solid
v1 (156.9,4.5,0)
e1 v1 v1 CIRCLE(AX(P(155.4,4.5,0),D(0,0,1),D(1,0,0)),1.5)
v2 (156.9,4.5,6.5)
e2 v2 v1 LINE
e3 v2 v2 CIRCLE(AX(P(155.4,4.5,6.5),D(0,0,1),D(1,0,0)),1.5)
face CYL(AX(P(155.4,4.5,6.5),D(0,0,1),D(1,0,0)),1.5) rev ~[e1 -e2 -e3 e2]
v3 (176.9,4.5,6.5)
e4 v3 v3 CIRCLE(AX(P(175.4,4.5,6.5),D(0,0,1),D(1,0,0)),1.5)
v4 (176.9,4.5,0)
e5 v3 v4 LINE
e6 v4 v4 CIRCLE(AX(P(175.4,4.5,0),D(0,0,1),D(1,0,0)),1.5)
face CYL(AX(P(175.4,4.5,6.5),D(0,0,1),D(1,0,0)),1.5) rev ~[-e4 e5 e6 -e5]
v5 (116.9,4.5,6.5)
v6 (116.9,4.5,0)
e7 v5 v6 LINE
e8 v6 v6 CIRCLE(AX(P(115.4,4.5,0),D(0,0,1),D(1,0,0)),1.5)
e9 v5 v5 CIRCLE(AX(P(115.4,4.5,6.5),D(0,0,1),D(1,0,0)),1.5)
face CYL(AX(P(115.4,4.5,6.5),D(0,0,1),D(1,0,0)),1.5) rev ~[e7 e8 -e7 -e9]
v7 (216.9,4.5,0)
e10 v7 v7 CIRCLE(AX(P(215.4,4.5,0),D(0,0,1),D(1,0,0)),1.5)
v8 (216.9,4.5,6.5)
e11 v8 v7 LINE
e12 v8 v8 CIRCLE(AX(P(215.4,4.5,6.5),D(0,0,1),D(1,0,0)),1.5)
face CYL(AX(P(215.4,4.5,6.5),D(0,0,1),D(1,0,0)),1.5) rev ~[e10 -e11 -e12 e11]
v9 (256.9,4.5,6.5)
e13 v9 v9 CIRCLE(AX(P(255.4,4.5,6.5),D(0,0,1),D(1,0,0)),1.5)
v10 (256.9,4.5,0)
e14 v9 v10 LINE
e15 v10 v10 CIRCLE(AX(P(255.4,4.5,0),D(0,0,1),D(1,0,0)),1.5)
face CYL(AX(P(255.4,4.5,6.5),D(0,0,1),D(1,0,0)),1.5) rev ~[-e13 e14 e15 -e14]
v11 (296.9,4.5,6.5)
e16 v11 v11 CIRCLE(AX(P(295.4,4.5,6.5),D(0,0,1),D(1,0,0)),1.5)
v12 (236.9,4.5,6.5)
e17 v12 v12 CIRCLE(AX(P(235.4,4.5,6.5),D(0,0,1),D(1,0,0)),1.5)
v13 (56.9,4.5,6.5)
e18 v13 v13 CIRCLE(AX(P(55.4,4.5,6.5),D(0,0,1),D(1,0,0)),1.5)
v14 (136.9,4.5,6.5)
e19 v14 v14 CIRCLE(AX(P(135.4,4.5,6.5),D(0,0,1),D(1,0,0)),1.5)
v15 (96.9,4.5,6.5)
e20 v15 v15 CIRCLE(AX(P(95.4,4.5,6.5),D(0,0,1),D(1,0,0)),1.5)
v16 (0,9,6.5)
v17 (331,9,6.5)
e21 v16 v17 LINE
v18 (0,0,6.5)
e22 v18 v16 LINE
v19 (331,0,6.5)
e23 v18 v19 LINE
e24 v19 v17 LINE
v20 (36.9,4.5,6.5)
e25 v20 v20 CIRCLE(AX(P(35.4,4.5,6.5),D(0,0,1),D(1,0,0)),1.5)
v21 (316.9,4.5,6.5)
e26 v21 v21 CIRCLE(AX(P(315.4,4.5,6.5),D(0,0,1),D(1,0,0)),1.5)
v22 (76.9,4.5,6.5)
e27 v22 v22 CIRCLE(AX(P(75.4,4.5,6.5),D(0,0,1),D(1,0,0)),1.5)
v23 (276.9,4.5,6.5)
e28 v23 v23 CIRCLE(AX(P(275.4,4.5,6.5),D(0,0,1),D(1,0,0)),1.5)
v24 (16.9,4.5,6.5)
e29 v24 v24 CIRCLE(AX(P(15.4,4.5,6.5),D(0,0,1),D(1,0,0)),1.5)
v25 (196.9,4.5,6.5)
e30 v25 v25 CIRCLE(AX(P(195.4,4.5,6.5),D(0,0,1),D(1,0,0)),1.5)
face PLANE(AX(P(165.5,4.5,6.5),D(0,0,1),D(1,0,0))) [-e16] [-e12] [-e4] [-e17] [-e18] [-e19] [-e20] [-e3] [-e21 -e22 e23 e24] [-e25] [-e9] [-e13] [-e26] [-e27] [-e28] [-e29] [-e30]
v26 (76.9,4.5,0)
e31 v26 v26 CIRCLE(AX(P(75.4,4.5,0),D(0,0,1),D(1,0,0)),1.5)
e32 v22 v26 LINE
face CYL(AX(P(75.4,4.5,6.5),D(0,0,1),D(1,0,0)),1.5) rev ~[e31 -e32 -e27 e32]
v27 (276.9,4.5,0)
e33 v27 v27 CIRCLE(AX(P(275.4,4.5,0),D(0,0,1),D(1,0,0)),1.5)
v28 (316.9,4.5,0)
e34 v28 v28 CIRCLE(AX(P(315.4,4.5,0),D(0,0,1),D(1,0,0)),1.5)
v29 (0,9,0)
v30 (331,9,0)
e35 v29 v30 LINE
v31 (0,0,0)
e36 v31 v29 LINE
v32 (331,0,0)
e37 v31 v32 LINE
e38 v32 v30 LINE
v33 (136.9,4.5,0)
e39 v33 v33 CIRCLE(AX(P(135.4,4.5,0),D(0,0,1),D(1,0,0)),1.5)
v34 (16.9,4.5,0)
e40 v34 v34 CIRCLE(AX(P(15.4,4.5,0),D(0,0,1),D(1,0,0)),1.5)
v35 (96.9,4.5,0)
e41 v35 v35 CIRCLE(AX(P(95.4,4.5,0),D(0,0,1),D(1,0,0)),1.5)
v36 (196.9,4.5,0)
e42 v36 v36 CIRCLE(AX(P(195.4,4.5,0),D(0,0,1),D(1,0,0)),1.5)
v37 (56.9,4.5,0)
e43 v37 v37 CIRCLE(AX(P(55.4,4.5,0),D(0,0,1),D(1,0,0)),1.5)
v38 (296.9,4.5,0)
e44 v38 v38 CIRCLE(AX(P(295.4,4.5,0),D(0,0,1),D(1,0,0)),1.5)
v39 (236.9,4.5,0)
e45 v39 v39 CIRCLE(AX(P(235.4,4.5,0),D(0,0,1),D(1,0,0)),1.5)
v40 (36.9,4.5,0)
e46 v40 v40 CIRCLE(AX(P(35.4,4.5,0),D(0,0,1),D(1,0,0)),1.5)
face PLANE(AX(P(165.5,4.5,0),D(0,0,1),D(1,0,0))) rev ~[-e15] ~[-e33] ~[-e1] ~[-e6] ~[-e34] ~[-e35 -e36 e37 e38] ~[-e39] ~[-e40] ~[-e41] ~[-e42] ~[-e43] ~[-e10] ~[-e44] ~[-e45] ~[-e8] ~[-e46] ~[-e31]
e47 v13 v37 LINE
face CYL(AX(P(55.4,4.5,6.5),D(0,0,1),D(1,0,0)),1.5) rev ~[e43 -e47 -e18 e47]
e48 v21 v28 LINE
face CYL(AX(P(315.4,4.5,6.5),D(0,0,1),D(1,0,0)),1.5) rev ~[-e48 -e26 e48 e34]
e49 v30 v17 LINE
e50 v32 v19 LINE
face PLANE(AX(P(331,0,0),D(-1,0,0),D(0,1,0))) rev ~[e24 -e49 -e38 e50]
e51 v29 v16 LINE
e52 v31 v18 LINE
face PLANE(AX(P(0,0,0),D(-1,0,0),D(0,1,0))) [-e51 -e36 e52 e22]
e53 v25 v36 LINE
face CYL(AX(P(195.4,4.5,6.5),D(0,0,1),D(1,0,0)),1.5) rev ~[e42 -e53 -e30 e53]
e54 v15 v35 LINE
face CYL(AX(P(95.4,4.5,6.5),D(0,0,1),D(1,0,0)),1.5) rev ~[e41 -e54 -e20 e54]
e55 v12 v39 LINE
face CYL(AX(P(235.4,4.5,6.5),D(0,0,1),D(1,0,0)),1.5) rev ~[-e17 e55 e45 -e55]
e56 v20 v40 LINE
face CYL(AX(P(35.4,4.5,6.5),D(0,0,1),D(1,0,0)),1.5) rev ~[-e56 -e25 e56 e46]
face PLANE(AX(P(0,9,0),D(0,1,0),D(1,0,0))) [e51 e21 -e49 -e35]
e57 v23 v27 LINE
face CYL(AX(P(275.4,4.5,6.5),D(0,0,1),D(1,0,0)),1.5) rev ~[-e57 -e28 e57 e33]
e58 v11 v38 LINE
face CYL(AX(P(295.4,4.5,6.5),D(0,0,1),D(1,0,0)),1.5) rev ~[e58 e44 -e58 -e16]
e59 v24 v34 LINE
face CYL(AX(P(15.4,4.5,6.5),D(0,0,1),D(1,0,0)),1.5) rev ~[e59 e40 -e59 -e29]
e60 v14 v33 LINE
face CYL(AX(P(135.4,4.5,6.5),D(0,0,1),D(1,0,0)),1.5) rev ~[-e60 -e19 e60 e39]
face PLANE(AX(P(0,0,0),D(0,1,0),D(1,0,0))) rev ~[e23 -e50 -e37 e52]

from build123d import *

# Parameters (mm, degrees)
SKETCH_W            = 331
SKETCH_H            = 9
PAD_DEPTH           = 6.5
SKETCH001_R         = 1.5
POCKET_DEPTH        = 6.501
LINEARPATTERN_COUNT = 16
LINEARPATTERN_PITCH = 20


with BuildPart() as part:
    # Sketch → Pad (new body)
    with BuildSketch(Plane.XY):
        with Locations((165.5, 4.5)):
            Rectangle(SKETCH_W, SKETCH_H)
    extrude(amount=PAD_DEPTH)

    # Sketch001 (on Face6 of Pad) → Pocket (cut, through all)
    with BuildSketch(Plane.XY.offset(6.5)):
        with Locations((15.4, 4.5)):
            Circle(SKETCH001_R)
    pocket = extrude(amount=-POCKET_DEPTH, mode=Mode.SUBTRACT)

    # LinearPattern: Pocket ×16
    with Locations(*[(i * LINEARPATTERN_PITCH, 0, 0) for i in range(1, LINEARPATTERN_COUNT)]):
        add(pocket, mode=Mode.SUBTRACT)


solid = part.part
